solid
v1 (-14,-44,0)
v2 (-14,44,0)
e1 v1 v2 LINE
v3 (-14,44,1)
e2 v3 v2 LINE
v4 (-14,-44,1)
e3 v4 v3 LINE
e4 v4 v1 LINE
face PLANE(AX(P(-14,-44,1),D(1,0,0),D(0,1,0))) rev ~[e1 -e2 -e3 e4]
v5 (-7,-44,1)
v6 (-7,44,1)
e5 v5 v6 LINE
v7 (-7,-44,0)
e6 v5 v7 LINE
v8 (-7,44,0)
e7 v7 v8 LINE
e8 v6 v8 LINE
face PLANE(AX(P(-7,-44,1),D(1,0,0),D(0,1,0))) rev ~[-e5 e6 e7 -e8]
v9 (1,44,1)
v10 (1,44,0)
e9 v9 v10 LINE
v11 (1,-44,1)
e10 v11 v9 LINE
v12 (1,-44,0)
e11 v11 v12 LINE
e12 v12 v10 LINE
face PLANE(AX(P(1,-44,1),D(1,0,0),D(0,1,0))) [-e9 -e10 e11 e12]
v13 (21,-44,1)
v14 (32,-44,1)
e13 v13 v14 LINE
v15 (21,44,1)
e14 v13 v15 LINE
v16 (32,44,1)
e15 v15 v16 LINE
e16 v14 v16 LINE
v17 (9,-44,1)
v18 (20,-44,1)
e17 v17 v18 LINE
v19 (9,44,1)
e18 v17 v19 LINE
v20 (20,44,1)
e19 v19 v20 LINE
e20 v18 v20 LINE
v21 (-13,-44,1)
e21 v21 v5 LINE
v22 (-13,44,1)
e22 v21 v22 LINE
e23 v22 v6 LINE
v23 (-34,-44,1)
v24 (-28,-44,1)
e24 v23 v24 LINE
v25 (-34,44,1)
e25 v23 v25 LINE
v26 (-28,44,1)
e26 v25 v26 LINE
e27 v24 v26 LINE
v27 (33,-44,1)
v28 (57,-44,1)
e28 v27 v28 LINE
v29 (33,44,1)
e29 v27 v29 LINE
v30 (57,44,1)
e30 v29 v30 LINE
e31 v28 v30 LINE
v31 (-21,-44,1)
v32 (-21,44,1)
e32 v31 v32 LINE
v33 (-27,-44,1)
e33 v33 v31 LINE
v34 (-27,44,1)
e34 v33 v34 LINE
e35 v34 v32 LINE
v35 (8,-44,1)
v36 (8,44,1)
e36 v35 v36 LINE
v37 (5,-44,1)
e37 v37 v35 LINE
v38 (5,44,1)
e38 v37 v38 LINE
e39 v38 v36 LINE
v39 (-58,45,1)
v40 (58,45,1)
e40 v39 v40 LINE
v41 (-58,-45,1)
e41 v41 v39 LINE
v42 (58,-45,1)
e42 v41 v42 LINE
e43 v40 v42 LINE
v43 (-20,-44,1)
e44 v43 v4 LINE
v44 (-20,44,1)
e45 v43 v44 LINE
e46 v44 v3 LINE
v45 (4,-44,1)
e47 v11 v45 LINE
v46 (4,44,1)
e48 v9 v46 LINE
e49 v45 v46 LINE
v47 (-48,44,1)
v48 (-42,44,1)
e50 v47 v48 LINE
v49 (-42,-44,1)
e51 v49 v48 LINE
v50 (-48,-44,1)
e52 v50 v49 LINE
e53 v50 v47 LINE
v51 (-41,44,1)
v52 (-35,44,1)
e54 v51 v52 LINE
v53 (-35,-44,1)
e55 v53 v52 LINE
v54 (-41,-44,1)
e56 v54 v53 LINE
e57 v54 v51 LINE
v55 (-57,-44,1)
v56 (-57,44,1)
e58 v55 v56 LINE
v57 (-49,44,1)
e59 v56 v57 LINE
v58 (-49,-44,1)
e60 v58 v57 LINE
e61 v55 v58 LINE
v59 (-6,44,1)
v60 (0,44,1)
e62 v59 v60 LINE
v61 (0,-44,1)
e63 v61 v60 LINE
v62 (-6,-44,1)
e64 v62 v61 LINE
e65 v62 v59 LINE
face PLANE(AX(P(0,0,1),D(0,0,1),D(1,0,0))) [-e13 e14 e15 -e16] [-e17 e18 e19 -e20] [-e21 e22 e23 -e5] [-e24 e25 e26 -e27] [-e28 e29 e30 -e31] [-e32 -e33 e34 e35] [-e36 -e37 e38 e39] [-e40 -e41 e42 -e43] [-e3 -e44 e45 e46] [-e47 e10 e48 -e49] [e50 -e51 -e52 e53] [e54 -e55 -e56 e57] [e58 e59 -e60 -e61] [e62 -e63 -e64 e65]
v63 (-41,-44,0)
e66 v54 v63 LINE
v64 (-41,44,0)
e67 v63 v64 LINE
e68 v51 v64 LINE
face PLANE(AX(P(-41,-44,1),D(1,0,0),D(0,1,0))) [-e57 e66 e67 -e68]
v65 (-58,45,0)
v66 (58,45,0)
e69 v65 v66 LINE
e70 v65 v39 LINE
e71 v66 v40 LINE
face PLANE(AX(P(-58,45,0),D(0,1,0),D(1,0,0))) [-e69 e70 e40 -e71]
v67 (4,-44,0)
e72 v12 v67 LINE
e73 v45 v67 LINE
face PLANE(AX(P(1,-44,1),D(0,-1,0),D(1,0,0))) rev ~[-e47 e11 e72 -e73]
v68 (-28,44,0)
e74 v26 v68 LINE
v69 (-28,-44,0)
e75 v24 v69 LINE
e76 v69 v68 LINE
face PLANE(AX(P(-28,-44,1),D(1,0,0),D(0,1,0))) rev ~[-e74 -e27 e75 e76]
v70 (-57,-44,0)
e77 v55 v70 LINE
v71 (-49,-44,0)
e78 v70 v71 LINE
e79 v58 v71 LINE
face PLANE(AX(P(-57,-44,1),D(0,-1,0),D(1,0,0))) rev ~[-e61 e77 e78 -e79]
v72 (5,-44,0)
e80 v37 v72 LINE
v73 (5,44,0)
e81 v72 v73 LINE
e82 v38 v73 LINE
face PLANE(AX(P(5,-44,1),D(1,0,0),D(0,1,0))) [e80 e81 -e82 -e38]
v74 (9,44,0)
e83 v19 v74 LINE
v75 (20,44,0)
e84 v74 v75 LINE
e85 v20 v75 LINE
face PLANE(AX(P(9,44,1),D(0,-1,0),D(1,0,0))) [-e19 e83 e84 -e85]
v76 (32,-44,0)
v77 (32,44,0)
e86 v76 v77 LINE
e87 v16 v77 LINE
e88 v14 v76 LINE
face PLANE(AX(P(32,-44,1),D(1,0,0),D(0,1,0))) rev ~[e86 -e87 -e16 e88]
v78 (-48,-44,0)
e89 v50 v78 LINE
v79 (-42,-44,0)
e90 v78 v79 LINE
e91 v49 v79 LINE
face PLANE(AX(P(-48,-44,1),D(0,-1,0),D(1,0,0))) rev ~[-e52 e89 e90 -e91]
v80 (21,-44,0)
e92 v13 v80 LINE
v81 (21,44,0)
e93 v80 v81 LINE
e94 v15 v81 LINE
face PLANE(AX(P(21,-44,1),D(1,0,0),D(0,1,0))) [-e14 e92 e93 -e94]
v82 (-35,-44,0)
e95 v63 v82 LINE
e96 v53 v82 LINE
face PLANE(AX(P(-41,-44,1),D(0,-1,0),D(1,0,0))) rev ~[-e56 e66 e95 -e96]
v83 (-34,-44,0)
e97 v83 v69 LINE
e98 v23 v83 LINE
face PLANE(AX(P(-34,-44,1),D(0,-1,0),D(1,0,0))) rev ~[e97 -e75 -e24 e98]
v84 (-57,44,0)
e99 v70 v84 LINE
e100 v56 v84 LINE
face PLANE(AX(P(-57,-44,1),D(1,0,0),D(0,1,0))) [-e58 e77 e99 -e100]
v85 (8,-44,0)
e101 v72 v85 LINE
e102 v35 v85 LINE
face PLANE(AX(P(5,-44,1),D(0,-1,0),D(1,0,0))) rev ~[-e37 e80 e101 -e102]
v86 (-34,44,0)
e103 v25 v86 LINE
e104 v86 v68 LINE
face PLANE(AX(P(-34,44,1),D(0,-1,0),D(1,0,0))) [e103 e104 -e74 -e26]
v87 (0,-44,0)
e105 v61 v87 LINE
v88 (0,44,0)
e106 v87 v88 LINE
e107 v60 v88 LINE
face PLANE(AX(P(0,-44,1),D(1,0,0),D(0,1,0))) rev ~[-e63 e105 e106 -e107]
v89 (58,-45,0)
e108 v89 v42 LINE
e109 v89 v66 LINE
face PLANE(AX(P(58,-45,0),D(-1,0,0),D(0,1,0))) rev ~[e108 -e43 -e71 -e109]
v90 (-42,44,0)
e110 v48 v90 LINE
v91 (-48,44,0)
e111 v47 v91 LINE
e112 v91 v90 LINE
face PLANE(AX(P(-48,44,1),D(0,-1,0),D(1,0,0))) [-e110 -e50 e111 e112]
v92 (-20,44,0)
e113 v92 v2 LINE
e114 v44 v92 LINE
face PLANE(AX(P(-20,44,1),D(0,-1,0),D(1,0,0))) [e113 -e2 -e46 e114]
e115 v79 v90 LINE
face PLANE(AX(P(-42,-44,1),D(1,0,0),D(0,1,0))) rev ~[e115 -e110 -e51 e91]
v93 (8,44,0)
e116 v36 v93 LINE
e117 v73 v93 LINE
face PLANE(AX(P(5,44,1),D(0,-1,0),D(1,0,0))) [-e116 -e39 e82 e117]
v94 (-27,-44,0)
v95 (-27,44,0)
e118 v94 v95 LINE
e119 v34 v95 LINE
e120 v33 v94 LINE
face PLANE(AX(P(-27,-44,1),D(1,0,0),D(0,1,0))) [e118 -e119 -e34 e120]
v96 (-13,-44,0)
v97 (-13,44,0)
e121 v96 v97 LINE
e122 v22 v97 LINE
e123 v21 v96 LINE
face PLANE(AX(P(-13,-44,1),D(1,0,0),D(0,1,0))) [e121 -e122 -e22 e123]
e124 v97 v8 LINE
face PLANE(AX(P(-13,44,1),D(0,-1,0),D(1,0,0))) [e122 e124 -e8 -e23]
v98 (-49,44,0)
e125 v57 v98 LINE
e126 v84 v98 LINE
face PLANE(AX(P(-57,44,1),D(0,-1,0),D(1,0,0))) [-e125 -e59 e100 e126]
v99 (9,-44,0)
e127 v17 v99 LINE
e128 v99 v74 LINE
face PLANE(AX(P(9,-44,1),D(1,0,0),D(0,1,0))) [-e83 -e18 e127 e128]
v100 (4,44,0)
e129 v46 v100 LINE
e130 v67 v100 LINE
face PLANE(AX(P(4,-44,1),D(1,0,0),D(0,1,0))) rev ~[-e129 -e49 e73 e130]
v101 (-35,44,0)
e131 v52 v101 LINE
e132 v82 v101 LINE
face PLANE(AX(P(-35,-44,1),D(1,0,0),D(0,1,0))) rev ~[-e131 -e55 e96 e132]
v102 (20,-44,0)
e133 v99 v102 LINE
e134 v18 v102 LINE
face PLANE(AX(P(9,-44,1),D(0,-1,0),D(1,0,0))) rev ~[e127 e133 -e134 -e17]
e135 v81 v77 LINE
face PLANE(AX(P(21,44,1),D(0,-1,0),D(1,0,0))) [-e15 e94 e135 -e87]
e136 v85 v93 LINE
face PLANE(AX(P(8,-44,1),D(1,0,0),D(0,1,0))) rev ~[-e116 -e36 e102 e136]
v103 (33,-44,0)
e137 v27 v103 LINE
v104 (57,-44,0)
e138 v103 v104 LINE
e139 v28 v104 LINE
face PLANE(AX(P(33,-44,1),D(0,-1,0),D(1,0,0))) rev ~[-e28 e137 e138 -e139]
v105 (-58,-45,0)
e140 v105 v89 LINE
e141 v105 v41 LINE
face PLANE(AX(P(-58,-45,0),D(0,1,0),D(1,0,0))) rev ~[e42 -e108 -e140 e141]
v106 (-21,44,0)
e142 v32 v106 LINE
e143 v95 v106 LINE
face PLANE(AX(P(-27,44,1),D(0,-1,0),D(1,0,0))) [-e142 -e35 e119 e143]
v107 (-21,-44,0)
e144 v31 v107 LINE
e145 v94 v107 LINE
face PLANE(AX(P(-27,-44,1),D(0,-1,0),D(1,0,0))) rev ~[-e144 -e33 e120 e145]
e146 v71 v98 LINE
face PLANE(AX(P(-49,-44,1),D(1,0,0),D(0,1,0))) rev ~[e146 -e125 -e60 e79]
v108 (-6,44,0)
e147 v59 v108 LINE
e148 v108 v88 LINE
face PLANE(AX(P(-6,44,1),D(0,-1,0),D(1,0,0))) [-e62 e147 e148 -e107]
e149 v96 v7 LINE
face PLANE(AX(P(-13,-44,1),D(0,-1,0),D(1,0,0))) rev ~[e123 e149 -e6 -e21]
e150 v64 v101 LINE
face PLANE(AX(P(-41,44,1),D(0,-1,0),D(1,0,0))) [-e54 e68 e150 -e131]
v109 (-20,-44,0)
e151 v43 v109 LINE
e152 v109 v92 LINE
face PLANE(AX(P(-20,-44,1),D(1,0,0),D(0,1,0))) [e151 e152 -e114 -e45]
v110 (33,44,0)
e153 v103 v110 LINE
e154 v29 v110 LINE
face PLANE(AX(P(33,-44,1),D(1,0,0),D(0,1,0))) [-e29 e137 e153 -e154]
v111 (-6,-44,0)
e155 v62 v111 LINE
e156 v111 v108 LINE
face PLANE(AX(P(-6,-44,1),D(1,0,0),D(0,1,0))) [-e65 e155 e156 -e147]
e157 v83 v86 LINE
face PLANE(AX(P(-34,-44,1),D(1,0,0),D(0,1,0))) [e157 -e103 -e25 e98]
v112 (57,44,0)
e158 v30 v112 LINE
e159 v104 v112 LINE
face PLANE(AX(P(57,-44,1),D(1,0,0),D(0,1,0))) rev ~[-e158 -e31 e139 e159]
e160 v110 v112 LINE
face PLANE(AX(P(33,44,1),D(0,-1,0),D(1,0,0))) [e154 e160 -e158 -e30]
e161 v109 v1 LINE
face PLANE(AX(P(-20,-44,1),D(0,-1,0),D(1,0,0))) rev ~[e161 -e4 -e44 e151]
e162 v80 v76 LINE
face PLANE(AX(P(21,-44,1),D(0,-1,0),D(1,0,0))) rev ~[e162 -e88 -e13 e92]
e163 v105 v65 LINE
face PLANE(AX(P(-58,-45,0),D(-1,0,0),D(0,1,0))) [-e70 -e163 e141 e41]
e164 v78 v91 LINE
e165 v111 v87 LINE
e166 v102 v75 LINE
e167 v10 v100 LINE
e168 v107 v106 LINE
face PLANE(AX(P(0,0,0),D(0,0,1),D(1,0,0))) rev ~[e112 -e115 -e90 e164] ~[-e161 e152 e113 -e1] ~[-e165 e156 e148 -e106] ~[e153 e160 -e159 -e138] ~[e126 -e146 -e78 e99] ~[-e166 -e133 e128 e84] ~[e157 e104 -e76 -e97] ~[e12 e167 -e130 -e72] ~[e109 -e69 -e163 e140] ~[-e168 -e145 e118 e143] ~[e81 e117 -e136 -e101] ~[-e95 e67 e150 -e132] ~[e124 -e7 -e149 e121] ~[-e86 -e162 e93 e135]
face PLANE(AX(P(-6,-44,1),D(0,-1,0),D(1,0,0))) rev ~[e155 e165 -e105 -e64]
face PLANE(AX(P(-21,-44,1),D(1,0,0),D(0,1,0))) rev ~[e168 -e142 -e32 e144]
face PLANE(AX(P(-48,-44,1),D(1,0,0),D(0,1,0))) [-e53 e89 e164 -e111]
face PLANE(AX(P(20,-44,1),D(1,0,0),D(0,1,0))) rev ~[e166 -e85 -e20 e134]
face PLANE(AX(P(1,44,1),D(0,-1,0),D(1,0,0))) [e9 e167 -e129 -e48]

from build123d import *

# Parameters (mm, degrees)
F1_W     = 116
F1_H     = 90
F2_DEPTH = 1
F4_W     = 116
F4_H     = 58.6666666667
F5_DEPTH = 3
F3_W     = 8
F3_H     = 88
F3_W_2   = 6
F3_W_3   = 3
F3_W_4   = 11
F3_W_5   = 24
F6_DEPTH = 1


with BuildPart() as f2:
    # F1 (on Top) → F2 (new body)
    with BuildSketch(Plane.XY):
        Rectangle(F1_W, F1_H)
    extrude(amount=F2_DEPTH)

    # F4 (on face) → F5 (cut)
    with BuildSketch(Plane.XY.offset(1)):
        Rectangle(F4_W, F4_H)
    extrude(amount=F5_DEPTH, mode=Mode.SUBTRACT)

    # F3 (on face) → F6 (cut)
    with BuildSketch(Plane.XY.offset(1)):
        with Locations((-53, 0)):
            Rectangle(F3_W, F3_H)
        with Locations((-45, 0)):
            Rectangle(F3_W_2, F3_H)
        with Locations((-38, 0)):
            Rectangle(F3_W_2, F3_H)
        with Locations((-31, 0)):
            Rectangle(F3_W_2, F3_H)
        with Locations((-24, 0)):
            Rectangle(F3_W_2, F3_H)
        with Locations((-17, 0)):
            Rectangle(F3_W_2, F3_H)
        with Locations((-10, 0)):
            Rectangle(F3_W_2, F3_H)
        with Locations((-3, 0)):
            Rectangle(F3_W_2, F3_H)
        with Locations((2.5, 0)):
            Rectangle(F3_W_3, F3_H)
        with Locations((6.5, 0)):
            Rectangle(F3_W_3, F3_H)
        with Locations((14.5, 0)):
            Rectangle(F3_W_4, F3_H)
        with Locations((26.5, 0)):
            Rectangle(F3_W_4, F3_H)
        with Locations((45, 0)):
            Rectangle(F3_W_5, F3_H)
    extrude(amount=-F6_DEPTH, mode=Mode.SUBTRACT)


solid = f2.part
